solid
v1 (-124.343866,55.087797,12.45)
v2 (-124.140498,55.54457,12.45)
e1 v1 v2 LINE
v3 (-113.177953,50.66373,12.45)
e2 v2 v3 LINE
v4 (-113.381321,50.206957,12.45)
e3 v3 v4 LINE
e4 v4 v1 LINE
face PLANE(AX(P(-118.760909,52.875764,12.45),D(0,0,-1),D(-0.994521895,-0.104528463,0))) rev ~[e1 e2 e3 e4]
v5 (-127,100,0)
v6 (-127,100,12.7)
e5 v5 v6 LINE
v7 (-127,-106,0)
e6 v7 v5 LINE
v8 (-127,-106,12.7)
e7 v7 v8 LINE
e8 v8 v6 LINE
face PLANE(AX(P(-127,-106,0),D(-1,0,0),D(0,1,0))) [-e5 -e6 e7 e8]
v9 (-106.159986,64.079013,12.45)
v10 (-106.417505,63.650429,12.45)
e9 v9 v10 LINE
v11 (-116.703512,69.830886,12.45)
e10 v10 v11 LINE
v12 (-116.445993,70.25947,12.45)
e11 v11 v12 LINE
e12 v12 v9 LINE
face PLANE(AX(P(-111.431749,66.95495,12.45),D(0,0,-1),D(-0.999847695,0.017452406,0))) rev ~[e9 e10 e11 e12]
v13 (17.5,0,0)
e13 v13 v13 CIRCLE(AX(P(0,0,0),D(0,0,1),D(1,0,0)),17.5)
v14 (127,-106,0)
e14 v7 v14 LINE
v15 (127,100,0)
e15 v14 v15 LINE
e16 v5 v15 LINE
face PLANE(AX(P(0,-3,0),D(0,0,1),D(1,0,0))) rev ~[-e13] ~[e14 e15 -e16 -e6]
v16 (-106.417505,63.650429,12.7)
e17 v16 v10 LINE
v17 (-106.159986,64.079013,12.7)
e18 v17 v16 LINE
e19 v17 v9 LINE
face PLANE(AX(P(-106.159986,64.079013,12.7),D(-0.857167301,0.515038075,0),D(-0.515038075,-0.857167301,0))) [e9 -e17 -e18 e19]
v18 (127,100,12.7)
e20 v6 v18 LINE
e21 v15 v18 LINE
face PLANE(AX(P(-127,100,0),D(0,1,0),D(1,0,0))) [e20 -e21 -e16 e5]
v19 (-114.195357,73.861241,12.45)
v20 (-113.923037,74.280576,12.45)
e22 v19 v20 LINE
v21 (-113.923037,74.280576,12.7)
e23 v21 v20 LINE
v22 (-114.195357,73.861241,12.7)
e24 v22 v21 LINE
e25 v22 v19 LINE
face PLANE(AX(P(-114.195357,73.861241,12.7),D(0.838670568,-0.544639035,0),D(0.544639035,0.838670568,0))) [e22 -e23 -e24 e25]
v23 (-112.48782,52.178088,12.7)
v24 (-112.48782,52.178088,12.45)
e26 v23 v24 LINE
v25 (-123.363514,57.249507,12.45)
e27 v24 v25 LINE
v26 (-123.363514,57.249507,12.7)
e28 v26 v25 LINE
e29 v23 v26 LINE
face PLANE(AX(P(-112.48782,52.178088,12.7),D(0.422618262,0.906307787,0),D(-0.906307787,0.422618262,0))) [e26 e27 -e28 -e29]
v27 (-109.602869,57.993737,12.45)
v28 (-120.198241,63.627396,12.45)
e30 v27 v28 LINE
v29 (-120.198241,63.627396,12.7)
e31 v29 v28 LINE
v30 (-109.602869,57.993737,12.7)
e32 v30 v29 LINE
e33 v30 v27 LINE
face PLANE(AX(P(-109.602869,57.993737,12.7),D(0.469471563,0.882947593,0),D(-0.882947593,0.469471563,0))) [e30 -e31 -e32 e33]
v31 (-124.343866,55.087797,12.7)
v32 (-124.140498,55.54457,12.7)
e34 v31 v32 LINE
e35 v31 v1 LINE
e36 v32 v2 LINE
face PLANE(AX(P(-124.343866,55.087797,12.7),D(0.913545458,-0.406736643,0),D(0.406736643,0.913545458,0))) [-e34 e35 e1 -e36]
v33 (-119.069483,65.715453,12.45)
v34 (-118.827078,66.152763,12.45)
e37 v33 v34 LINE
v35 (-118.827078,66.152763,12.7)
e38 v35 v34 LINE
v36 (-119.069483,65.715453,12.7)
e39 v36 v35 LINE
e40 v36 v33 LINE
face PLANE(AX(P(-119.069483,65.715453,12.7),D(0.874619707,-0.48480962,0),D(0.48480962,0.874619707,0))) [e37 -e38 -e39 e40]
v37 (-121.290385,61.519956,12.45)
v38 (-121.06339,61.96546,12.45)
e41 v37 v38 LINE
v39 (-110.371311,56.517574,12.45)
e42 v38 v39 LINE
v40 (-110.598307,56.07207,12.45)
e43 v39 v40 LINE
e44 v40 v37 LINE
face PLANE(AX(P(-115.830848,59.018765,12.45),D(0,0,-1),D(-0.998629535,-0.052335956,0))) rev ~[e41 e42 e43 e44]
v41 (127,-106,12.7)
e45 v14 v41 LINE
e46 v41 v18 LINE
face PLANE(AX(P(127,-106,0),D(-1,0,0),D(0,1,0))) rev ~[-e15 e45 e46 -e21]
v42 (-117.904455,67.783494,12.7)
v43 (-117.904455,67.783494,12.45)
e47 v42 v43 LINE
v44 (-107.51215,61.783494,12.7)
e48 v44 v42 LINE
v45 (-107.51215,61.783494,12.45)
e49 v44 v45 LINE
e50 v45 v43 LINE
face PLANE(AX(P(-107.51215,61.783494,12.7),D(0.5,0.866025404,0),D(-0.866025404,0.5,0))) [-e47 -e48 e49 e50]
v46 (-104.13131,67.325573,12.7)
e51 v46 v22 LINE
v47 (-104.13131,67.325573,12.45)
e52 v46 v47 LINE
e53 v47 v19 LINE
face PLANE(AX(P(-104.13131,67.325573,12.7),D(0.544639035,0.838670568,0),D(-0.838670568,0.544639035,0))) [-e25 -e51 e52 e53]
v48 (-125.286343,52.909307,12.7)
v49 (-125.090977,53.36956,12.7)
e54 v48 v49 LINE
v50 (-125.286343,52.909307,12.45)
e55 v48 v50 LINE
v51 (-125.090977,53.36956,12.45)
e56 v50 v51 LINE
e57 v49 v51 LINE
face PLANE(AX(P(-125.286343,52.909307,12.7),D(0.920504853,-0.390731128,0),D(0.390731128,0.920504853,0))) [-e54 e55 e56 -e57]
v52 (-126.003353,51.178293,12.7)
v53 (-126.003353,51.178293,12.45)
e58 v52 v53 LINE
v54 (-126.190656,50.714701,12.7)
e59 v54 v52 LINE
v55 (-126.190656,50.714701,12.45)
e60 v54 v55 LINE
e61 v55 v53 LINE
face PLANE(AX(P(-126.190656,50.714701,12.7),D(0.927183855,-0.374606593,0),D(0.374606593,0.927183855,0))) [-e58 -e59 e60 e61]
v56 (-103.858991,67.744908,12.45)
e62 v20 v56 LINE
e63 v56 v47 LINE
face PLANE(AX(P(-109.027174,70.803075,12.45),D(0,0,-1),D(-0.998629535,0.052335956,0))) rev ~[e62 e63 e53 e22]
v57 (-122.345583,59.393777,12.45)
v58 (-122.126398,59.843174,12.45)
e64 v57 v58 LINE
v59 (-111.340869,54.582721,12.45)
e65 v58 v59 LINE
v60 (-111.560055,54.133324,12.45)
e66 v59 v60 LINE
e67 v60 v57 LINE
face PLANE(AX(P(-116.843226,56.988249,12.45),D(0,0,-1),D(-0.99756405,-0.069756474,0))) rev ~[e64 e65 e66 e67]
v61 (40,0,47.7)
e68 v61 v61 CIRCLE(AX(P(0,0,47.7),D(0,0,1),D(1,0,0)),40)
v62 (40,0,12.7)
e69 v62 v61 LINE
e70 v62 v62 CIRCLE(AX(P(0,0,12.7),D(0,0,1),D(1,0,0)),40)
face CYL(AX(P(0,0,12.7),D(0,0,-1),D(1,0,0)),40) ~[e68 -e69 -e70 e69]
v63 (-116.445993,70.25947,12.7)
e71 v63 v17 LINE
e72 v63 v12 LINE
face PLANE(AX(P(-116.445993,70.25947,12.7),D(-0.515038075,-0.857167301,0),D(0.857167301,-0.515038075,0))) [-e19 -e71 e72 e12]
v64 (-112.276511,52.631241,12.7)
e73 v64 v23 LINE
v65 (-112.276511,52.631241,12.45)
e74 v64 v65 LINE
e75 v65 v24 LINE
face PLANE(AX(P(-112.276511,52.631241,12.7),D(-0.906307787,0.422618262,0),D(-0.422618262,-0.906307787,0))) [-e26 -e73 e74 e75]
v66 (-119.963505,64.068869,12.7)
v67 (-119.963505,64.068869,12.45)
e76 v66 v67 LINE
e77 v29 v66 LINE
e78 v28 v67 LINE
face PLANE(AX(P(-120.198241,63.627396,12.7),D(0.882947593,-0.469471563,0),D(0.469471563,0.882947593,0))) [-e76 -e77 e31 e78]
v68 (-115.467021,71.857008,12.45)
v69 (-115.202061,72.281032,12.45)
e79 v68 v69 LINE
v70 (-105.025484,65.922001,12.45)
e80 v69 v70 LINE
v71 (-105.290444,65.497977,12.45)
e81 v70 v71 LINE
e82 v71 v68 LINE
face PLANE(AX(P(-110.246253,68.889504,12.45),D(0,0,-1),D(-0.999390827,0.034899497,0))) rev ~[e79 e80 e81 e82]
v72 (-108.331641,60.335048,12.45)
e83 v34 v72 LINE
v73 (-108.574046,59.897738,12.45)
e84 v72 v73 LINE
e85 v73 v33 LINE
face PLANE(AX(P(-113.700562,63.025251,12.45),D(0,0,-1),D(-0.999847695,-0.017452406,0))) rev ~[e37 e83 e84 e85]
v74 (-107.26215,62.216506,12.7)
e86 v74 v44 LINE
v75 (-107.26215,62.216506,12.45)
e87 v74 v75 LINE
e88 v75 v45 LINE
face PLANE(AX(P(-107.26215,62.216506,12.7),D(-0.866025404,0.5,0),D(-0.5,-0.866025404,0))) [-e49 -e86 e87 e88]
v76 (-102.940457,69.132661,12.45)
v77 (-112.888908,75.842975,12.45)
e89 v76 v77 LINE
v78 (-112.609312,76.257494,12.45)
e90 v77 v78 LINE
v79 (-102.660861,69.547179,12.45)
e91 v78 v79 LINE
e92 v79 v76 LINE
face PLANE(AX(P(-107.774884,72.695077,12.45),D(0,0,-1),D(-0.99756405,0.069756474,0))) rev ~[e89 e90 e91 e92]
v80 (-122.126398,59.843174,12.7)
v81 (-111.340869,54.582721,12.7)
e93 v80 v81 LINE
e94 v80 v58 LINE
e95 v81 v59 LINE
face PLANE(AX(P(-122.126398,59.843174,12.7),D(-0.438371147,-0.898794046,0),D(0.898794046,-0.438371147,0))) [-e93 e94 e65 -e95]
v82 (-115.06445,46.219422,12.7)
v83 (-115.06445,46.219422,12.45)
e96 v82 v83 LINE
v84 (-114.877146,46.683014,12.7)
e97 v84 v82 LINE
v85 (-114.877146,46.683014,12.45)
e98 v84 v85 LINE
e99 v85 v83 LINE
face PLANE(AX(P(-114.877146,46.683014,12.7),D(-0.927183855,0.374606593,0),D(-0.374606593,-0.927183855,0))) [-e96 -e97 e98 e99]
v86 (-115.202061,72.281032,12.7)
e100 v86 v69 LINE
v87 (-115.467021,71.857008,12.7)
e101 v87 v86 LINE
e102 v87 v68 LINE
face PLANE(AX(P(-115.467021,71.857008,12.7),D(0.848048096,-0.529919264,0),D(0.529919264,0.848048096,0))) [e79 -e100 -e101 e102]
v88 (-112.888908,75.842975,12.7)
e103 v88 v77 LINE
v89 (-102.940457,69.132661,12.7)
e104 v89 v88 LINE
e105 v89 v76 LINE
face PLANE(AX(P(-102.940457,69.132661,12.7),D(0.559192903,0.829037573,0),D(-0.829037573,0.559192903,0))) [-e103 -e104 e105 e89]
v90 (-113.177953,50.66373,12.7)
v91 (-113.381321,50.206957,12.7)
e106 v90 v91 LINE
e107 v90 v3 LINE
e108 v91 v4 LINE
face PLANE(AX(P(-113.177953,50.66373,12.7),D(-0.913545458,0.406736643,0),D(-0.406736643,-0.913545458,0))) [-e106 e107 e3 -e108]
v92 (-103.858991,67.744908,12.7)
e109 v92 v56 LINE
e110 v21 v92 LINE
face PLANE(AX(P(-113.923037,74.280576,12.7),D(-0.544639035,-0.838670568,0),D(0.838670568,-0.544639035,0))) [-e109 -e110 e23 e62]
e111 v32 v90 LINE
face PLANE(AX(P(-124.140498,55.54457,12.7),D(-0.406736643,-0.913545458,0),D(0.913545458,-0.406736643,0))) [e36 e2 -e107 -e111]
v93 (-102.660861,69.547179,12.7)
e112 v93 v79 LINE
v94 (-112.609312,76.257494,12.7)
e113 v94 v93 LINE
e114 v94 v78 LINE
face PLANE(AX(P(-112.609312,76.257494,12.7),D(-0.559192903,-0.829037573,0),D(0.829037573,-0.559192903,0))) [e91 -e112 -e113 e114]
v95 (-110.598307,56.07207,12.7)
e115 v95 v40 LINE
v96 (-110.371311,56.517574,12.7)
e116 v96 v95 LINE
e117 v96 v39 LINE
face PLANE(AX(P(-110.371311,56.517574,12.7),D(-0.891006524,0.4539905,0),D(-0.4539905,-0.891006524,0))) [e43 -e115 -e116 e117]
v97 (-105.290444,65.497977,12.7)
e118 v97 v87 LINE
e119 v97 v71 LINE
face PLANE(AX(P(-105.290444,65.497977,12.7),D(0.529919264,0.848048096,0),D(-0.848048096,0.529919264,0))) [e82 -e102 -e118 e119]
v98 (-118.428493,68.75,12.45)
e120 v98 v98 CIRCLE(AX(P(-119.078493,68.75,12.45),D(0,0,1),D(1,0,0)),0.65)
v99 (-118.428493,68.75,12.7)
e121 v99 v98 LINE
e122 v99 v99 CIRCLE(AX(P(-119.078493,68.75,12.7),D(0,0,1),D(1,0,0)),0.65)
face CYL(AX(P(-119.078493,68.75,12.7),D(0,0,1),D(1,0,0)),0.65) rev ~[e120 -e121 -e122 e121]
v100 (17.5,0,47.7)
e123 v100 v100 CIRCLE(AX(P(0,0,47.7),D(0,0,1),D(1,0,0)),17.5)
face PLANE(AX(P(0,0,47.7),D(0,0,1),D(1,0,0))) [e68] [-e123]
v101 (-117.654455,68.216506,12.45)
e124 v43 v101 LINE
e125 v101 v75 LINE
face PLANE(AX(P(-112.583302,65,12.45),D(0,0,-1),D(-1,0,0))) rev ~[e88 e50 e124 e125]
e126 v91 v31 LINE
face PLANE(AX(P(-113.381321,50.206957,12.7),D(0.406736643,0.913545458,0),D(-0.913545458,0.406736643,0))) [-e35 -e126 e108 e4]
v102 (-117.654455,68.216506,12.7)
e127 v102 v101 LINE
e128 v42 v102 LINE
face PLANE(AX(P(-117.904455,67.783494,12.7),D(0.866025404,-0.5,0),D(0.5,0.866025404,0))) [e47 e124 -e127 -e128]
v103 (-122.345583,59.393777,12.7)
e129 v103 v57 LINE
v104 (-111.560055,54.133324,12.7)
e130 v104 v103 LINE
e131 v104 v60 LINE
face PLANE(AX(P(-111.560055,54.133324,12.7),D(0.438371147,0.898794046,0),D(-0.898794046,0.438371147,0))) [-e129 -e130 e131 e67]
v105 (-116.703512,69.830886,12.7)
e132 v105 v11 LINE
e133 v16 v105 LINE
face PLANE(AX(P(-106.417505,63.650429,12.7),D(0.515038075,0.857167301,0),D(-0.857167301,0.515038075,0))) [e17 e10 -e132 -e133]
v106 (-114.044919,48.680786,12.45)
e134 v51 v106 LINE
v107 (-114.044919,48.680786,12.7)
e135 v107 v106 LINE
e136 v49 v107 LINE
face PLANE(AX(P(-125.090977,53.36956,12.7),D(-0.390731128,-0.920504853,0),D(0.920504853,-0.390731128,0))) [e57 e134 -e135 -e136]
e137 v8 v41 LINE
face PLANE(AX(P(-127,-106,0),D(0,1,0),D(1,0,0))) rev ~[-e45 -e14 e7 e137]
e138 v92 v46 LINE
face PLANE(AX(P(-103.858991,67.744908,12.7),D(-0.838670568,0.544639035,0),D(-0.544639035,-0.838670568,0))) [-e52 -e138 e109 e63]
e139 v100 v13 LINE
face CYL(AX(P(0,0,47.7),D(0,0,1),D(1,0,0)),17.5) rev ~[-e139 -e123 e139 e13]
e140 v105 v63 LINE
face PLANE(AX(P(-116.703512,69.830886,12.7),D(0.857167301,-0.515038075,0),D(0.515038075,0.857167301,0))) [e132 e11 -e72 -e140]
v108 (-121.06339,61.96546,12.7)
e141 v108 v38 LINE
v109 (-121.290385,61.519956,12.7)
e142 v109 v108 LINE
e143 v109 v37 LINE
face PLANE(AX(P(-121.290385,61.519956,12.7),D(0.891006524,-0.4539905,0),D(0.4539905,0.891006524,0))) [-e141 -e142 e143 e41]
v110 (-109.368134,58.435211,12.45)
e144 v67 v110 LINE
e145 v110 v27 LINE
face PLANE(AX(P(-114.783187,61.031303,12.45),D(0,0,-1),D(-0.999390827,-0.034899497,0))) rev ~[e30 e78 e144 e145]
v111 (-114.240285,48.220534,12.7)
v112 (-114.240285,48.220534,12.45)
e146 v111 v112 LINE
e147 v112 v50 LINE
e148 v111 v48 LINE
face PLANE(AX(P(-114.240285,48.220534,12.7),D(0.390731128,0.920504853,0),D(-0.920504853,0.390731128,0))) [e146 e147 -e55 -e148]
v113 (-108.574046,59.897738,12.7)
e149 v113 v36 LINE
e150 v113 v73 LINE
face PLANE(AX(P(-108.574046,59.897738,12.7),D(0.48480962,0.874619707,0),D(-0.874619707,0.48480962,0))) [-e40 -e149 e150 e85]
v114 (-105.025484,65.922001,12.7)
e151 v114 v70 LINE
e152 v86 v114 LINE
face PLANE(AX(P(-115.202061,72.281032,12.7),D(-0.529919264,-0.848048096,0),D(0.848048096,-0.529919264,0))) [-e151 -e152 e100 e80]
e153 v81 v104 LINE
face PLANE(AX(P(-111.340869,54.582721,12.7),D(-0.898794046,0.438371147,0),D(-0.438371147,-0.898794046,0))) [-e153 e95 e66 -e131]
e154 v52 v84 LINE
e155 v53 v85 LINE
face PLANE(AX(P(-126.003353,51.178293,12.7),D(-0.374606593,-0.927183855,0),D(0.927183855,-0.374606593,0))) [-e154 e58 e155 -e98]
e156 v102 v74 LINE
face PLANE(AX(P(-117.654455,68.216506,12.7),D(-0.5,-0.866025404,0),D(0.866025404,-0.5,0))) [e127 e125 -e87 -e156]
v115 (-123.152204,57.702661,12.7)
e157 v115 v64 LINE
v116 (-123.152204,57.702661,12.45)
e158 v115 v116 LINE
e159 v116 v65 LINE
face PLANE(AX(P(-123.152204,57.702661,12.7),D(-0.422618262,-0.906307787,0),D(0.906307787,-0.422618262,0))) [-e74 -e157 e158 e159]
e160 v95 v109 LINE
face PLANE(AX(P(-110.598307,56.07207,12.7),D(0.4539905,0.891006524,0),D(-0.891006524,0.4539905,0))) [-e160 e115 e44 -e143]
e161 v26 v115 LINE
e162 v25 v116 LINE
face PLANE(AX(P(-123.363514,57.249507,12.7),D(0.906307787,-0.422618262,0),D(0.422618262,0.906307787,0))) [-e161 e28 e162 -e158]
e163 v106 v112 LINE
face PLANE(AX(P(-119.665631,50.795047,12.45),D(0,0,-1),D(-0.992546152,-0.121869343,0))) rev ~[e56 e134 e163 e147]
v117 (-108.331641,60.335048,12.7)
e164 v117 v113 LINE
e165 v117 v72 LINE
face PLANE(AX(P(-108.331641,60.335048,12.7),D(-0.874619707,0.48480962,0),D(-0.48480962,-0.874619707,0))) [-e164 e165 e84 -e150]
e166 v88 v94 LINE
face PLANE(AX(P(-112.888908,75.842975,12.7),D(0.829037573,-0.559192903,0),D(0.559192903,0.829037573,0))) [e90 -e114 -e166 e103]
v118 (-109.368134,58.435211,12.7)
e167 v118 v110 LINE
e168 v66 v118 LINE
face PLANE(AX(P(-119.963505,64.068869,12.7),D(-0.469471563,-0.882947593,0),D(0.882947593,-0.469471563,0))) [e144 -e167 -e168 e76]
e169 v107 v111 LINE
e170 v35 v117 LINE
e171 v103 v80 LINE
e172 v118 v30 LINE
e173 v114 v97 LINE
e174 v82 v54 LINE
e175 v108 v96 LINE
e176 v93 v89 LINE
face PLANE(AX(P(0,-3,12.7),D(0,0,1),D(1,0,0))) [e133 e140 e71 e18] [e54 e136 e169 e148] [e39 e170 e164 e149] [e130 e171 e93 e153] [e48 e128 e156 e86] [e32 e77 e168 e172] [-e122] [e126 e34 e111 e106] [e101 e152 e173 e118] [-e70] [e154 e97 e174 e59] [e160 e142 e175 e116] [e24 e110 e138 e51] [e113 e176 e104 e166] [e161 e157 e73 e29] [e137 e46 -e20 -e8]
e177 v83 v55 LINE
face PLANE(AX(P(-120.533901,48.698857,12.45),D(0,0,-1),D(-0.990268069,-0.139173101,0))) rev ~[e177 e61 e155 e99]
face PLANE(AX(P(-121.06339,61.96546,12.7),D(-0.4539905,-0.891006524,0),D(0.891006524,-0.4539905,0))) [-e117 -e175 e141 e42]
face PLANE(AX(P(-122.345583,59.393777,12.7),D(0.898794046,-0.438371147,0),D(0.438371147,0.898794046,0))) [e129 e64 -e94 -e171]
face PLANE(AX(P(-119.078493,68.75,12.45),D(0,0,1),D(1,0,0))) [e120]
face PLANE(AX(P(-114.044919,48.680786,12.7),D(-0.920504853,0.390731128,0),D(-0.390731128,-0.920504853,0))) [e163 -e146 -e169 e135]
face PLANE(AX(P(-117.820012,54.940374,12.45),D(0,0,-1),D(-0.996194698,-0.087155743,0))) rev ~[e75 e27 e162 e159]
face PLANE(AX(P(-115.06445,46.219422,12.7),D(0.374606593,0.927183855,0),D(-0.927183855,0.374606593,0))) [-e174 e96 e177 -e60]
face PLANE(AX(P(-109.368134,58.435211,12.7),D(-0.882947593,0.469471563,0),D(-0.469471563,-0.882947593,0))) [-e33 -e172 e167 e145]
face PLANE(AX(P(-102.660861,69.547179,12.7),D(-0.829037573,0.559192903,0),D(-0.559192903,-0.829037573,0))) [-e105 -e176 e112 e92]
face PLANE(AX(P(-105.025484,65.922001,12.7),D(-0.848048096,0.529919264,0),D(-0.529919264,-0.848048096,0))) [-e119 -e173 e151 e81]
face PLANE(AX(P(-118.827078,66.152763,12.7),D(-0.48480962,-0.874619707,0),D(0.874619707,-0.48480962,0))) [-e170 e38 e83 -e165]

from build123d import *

# Parameters (mm, degrees)
SKETCH1_W         = 254
SKETCH1_H         = 206
BODY_DEPTH        = 12.7
SKETCH2_R         = 40
SPIGOT_DEPTH      = 35
SKETCH3_R         = 17.5
HOLE_DEPTH        = 48.7
SLIT_DEPTH        = 0.25
RIGHT_SLITS_COUNT = 5
RIGHT_SLITS_ANGLE = 4
LEFT_SLITS_COUNT  = 9
LEFT_SLITS_ANGLE  = 8
SKETCH7_R         = 0.65
TINY_HOLE_DEPTH   = 0.25


with BuildPart() as part:
    # Sketch1 → Body (new body)
    with BuildSketch(Plane.XY):
        with Locations((0, -3)):
            Rectangle(SKETCH1_W, SKETCH1_H)
    extrude(amount=BODY_DEPTH)

    # Sketch2 → Spigot (add)
    with BuildSketch(Plane.XY.offset(12.7)):
        Circle(SKETCH2_R)
    extrude(amount=SPIGOT_DEPTH)

    # Sketch3 → Hole (cut, through all)
    with BuildSketch(Plane.XY.offset(47.7)):
        Circle(SKETCH3_R)
    extrude(amount=-HOLE_DEPTH, mode=Mode.SUBTRACT)

    # Sketch4 → Slit (cut)
    with BuildSketch(Plane.XY.offset(12.7)):
        Polygon((-117.654454915, 68.216506351), (-107.262150069, 62.216506351), (-107.512150069, 61.783493649), (-117.904454915, 67.783493649), align=None)
    slit = extrude(amount=-SLIT_DEPTH, mode=Mode.SUBTRACT)

    # Right Slits: Slit ×5 about axis
    right_slits_axis = Axis((0, 0, 0), (0, 0, -1))
    for i in range(1, RIGHT_SLITS_COUNT):
        add(slit.rotate(right_slits_axis, i * RIGHT_SLITS_ANGLE / (RIGHT_SLITS_COUNT - 1)), mode=Mode.SUBTRACT)

    # Left Slits: Slit ×9 about axis
    left_slits_axis = Axis((0, 0, 0), (0, 0, 1))
    for i in range(1, LEFT_SLITS_COUNT):
        add(slit.rotate(left_slits_axis, i * LEFT_SLITS_ANGLE / (LEFT_SLITS_COUNT - 1)), mode=Mode.SUBTRACT)

    # Sketch7 → Tiny Hole (cut)
    with BuildSketch(Plane.XY.offset(12.7)):
        with Locations((-119.07849302, 68.75)):
            Circle(SKETCH7_R)
    extrude(amount=-TINY_HOLE_DEPTH, mode=Mode.SUBTRACT)


solid = part.part
